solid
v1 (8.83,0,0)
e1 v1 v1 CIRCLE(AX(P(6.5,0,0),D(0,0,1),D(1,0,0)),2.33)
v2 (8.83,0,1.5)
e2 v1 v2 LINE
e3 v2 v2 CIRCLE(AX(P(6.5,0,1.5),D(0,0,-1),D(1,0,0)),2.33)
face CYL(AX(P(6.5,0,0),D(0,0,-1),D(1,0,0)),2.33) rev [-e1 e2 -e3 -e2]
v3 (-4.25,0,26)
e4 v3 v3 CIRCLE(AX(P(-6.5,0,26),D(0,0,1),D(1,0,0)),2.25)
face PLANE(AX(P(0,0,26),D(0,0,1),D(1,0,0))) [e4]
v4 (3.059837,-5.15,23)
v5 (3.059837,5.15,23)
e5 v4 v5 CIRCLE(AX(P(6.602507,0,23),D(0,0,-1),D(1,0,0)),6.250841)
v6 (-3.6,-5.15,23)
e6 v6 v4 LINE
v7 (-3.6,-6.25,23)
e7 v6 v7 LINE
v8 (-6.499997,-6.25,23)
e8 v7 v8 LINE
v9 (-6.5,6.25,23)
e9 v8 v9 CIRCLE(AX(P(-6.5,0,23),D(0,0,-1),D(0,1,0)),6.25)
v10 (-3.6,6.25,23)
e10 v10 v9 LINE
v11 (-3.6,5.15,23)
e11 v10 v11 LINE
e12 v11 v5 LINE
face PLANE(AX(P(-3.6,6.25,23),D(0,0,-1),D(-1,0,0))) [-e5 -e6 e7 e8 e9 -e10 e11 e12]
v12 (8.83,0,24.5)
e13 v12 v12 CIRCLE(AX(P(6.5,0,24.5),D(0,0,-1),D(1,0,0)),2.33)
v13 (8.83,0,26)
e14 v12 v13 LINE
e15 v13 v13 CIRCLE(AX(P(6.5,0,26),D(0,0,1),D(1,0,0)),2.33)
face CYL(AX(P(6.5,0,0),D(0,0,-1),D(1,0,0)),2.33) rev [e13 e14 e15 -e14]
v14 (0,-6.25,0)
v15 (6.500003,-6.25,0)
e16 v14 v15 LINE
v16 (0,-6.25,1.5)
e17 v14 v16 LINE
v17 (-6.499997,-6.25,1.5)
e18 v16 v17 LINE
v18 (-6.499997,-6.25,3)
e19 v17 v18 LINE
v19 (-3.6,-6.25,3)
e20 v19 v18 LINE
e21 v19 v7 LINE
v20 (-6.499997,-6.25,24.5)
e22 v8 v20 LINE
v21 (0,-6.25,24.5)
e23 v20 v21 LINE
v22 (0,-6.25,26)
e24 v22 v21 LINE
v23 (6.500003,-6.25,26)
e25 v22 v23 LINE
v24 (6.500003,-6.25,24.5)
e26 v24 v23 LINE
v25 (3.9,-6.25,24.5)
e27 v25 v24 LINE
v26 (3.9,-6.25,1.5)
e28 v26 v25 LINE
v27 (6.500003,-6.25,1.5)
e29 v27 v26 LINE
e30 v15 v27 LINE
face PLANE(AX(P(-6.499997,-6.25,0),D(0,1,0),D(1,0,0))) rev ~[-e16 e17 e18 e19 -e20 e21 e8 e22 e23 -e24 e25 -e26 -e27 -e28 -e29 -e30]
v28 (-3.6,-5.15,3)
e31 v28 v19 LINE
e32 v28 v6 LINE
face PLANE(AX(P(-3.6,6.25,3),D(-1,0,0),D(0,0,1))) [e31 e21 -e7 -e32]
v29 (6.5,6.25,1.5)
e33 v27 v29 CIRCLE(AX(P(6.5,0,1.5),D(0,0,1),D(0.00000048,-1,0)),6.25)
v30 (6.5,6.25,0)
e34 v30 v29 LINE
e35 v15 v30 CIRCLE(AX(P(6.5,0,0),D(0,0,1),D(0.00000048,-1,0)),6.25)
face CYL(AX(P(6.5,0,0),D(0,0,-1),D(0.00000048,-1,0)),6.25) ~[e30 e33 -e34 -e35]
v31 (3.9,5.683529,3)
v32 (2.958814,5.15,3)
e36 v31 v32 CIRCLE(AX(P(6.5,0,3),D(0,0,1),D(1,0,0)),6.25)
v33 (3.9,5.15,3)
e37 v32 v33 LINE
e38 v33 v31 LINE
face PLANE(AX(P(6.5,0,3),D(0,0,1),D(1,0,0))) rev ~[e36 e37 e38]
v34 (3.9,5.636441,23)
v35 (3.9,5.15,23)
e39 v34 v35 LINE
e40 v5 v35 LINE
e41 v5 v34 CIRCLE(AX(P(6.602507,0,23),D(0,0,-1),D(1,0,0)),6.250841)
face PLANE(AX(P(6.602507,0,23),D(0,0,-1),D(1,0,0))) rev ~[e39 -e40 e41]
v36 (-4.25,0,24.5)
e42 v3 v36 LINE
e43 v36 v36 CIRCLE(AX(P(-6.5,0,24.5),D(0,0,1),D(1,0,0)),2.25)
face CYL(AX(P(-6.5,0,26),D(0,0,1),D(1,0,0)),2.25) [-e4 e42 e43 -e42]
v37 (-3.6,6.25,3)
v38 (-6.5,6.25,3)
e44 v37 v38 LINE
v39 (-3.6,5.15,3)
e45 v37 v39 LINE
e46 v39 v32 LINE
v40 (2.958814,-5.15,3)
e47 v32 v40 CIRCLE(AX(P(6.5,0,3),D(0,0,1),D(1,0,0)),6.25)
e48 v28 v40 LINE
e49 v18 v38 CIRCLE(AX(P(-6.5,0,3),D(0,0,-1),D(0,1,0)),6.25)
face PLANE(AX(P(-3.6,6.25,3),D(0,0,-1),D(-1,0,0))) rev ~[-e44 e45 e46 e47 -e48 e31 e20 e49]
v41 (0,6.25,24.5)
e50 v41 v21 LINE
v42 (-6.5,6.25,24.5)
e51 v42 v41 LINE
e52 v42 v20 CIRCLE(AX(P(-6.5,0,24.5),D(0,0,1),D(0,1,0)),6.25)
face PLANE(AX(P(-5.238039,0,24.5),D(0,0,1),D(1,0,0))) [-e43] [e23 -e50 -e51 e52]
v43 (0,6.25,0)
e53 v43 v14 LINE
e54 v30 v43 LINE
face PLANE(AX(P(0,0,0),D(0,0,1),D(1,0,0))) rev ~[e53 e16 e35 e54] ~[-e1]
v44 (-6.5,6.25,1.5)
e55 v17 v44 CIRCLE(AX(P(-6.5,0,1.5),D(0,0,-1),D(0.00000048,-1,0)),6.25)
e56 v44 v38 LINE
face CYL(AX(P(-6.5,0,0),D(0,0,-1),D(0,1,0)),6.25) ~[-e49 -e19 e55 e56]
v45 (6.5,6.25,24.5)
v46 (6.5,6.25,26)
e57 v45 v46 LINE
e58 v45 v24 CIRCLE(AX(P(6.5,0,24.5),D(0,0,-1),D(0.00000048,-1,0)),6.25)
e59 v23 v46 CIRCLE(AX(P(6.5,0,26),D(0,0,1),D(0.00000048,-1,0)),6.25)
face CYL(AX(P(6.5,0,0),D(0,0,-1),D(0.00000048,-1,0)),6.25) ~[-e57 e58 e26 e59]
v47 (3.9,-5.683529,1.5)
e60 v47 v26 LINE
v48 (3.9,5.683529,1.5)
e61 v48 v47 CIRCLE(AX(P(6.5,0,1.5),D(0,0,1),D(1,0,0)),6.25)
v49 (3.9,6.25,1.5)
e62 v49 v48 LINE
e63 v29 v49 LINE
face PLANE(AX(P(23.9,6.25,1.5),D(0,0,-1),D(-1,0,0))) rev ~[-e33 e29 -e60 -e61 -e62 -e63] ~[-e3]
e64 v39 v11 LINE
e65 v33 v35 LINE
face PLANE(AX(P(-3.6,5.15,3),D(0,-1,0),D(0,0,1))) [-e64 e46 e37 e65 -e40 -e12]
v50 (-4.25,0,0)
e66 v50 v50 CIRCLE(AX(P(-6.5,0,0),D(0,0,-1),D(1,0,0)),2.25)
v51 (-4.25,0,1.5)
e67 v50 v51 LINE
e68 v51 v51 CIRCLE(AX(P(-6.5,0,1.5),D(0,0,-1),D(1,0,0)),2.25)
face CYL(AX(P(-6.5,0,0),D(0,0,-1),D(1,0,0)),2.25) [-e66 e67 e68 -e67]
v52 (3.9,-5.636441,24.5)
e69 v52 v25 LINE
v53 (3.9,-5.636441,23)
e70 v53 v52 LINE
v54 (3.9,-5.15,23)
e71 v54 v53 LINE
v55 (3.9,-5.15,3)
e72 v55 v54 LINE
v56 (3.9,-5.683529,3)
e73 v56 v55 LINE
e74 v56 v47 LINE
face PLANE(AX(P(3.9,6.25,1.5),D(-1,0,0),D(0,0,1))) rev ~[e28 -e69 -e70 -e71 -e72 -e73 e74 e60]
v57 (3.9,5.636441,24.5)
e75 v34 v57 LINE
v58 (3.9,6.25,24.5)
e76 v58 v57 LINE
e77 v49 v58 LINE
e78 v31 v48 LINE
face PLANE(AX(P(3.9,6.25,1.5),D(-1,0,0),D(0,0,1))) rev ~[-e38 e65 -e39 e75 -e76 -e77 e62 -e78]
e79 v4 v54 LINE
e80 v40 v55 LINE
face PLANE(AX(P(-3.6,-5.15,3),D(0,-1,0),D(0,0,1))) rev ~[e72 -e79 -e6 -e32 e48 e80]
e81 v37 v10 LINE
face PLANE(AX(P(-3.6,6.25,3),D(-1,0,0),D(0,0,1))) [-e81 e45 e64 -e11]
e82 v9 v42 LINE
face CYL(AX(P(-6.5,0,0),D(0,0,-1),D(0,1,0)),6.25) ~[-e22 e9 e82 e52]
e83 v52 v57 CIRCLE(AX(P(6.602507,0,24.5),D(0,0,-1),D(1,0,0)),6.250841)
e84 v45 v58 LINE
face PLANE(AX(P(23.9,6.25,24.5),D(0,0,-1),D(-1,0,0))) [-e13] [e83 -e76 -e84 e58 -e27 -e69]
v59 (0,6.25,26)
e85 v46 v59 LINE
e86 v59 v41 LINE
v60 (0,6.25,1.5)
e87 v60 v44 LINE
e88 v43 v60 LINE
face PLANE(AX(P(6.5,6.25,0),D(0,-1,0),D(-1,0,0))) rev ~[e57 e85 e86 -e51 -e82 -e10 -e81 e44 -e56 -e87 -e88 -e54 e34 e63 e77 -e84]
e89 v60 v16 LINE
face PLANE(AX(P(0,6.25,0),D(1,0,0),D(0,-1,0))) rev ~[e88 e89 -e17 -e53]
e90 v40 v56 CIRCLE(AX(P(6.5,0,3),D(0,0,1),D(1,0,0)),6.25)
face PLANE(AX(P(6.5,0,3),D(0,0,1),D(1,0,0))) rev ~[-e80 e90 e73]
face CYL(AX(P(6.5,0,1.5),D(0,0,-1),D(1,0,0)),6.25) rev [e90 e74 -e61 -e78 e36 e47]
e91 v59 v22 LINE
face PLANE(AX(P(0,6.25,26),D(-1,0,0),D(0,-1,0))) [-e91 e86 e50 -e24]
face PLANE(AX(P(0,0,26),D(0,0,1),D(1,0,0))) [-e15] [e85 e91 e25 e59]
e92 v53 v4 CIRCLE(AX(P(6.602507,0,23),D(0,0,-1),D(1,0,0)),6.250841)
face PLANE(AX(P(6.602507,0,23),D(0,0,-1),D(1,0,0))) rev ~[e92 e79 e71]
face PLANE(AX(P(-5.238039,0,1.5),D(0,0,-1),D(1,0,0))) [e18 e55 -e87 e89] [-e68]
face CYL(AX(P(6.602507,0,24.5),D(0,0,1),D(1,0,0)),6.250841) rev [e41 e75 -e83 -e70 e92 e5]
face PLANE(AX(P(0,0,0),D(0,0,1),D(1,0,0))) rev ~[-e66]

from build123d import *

# Parameters (mm, degrees)
SKETCH_R        = 2.33
PAD_DEPTH       = 26
SKETCH001_R     = 2.25
POCKET_DEPTH    = 1.5
SKETCH002_R     = 2.25
POCKET001_DEPTH = 1.5
SKETCH003_W     = 20
SKETCH003_H     = 23
SKETCH003_H_2   = 20
POCKET002_DEPTH = 12.501
SKETCH004_W     = 10.3
SKETCH004_H     = 20
POCKET003_DEPTH = 16.351
SKETCH005_R     = 6.250841
POCKET004_DEPTH = 1.5
SKETCH006_R     = 6.25
POCKET005_DEPTH = 1.5


with BuildPart() as part:
    # Sketch → Pad (new body)
    with BuildSketch(Plane.XY):
        with BuildLine():
            ThreePointArc((-6.5, 6.25), (-12.75, -1e-06), (-6.499997, -6.25))
            Line((-6.499997, -6.25), (6.500003, -6.25))
            ThreePointArc((6.500003, -6.25), (12.75, 1e-06), (6.5, 6.25))
            Line((6.5, 6.25), (-6.5, 6.25))
        make_face()
        with Locations((6.5, 0)):
            Circle(SKETCH_R, mode=Mode.SUBTRACT)
    extrude(amount=PAD_DEPTH)

    # Sketch001 → Pocket (cut)
    with BuildSketch(Plane.XY.offset(26)):
        with BuildLine():
            ThreePointArc((-6.5, 6.25), (-12.75, -1e-06), (-6.499997, -6.25))
            Line((-6.499997, -6.25), (0, -6.25))
            Line((0, 6.25), (0, -6.25))
            Line((-6.5, 6.25), (0, 6.25))
        make_face()
        with Locations((-6.5, 0)):
            Circle(SKETCH001_R, mode=Mode.SUBTRACT)
    extrude(amount=-POCKET_DEPTH, mode=Mode.SUBTRACT)

    # Sketch002 → Pocket001 (cut)
    with BuildSketch(Plane(origin=(0, 0, 0), x_dir=(1, 0, 0), z_dir=(0, 0, -1))):
        with BuildLine():
            Line((0, 6.25), (-6.499997, 6.25))
            ThreePointArc((-6.499997, 6.25), (-12.75, 1e-06), (-6.5, -6.25))
            Line((0, -6.25), (-6.5, -6.25))
            Line((0, -6.25), (0, 6.25))
        make_face()
        with Locations((-6.5, 0)):
            Circle(SKETCH002_R, mode=Mode.SUBTRACT)
    extrude(amount=-POCKET001_DEPTH, mode=Mode.SUBTRACT)

    # Sketch003 → Pocket002 (cut, through all)
    with BuildSketch(Plane(origin=(0, 6.25, 0), x_dir=(-1, 0, 0), z_dir=(0, 1, 0))):
        with Locations((-13.9, 13)):
            Rectangle(SKETCH003_W, SKETCH003_H)
        with Locations((13.6, 13)):
            Rectangle(SKETCH003_W, SKETCH003_H_2)
    extrude(amount=-POCKET002_DEPTH, mode=Mode.SUBTRACT)

    # Sketch004 → Pocket003 (cut, through all)
    with BuildSketch(Plane(origin=(-3.6, 0, 0), x_dir=(0, -1, 0), z_dir=(-1, 0, 0))):
        with Locations((0, 13)):
            Rectangle(SKETCH004_W, SKETCH004_H)
    extrude(amount=-POCKET003_DEPTH, mode=Mode.SUBTRACT)

    # Sketch005 → Pocket004 (cut)
    with BuildSketch(Plane(origin=(0, 0, 24.5), x_dir=(1, 0, 0), z_dir=(0, 0, -1))):
        with Locations((6.602507, 0)):
            Circle(SKETCH005_R)
    extrude(amount=POCKET004_DEPTH, mode=Mode.SUBTRACT)

    # Sketch006 → Pocket005 (cut)
    with BuildSketch(Plane.XY.offset(1.5)):
        with Locations((6.5, 0)):
            Circle(SKETCH006_R)
    extrude(amount=POCKET005_DEPTH, mode=Mode.SUBTRACT)


solid = part.part
